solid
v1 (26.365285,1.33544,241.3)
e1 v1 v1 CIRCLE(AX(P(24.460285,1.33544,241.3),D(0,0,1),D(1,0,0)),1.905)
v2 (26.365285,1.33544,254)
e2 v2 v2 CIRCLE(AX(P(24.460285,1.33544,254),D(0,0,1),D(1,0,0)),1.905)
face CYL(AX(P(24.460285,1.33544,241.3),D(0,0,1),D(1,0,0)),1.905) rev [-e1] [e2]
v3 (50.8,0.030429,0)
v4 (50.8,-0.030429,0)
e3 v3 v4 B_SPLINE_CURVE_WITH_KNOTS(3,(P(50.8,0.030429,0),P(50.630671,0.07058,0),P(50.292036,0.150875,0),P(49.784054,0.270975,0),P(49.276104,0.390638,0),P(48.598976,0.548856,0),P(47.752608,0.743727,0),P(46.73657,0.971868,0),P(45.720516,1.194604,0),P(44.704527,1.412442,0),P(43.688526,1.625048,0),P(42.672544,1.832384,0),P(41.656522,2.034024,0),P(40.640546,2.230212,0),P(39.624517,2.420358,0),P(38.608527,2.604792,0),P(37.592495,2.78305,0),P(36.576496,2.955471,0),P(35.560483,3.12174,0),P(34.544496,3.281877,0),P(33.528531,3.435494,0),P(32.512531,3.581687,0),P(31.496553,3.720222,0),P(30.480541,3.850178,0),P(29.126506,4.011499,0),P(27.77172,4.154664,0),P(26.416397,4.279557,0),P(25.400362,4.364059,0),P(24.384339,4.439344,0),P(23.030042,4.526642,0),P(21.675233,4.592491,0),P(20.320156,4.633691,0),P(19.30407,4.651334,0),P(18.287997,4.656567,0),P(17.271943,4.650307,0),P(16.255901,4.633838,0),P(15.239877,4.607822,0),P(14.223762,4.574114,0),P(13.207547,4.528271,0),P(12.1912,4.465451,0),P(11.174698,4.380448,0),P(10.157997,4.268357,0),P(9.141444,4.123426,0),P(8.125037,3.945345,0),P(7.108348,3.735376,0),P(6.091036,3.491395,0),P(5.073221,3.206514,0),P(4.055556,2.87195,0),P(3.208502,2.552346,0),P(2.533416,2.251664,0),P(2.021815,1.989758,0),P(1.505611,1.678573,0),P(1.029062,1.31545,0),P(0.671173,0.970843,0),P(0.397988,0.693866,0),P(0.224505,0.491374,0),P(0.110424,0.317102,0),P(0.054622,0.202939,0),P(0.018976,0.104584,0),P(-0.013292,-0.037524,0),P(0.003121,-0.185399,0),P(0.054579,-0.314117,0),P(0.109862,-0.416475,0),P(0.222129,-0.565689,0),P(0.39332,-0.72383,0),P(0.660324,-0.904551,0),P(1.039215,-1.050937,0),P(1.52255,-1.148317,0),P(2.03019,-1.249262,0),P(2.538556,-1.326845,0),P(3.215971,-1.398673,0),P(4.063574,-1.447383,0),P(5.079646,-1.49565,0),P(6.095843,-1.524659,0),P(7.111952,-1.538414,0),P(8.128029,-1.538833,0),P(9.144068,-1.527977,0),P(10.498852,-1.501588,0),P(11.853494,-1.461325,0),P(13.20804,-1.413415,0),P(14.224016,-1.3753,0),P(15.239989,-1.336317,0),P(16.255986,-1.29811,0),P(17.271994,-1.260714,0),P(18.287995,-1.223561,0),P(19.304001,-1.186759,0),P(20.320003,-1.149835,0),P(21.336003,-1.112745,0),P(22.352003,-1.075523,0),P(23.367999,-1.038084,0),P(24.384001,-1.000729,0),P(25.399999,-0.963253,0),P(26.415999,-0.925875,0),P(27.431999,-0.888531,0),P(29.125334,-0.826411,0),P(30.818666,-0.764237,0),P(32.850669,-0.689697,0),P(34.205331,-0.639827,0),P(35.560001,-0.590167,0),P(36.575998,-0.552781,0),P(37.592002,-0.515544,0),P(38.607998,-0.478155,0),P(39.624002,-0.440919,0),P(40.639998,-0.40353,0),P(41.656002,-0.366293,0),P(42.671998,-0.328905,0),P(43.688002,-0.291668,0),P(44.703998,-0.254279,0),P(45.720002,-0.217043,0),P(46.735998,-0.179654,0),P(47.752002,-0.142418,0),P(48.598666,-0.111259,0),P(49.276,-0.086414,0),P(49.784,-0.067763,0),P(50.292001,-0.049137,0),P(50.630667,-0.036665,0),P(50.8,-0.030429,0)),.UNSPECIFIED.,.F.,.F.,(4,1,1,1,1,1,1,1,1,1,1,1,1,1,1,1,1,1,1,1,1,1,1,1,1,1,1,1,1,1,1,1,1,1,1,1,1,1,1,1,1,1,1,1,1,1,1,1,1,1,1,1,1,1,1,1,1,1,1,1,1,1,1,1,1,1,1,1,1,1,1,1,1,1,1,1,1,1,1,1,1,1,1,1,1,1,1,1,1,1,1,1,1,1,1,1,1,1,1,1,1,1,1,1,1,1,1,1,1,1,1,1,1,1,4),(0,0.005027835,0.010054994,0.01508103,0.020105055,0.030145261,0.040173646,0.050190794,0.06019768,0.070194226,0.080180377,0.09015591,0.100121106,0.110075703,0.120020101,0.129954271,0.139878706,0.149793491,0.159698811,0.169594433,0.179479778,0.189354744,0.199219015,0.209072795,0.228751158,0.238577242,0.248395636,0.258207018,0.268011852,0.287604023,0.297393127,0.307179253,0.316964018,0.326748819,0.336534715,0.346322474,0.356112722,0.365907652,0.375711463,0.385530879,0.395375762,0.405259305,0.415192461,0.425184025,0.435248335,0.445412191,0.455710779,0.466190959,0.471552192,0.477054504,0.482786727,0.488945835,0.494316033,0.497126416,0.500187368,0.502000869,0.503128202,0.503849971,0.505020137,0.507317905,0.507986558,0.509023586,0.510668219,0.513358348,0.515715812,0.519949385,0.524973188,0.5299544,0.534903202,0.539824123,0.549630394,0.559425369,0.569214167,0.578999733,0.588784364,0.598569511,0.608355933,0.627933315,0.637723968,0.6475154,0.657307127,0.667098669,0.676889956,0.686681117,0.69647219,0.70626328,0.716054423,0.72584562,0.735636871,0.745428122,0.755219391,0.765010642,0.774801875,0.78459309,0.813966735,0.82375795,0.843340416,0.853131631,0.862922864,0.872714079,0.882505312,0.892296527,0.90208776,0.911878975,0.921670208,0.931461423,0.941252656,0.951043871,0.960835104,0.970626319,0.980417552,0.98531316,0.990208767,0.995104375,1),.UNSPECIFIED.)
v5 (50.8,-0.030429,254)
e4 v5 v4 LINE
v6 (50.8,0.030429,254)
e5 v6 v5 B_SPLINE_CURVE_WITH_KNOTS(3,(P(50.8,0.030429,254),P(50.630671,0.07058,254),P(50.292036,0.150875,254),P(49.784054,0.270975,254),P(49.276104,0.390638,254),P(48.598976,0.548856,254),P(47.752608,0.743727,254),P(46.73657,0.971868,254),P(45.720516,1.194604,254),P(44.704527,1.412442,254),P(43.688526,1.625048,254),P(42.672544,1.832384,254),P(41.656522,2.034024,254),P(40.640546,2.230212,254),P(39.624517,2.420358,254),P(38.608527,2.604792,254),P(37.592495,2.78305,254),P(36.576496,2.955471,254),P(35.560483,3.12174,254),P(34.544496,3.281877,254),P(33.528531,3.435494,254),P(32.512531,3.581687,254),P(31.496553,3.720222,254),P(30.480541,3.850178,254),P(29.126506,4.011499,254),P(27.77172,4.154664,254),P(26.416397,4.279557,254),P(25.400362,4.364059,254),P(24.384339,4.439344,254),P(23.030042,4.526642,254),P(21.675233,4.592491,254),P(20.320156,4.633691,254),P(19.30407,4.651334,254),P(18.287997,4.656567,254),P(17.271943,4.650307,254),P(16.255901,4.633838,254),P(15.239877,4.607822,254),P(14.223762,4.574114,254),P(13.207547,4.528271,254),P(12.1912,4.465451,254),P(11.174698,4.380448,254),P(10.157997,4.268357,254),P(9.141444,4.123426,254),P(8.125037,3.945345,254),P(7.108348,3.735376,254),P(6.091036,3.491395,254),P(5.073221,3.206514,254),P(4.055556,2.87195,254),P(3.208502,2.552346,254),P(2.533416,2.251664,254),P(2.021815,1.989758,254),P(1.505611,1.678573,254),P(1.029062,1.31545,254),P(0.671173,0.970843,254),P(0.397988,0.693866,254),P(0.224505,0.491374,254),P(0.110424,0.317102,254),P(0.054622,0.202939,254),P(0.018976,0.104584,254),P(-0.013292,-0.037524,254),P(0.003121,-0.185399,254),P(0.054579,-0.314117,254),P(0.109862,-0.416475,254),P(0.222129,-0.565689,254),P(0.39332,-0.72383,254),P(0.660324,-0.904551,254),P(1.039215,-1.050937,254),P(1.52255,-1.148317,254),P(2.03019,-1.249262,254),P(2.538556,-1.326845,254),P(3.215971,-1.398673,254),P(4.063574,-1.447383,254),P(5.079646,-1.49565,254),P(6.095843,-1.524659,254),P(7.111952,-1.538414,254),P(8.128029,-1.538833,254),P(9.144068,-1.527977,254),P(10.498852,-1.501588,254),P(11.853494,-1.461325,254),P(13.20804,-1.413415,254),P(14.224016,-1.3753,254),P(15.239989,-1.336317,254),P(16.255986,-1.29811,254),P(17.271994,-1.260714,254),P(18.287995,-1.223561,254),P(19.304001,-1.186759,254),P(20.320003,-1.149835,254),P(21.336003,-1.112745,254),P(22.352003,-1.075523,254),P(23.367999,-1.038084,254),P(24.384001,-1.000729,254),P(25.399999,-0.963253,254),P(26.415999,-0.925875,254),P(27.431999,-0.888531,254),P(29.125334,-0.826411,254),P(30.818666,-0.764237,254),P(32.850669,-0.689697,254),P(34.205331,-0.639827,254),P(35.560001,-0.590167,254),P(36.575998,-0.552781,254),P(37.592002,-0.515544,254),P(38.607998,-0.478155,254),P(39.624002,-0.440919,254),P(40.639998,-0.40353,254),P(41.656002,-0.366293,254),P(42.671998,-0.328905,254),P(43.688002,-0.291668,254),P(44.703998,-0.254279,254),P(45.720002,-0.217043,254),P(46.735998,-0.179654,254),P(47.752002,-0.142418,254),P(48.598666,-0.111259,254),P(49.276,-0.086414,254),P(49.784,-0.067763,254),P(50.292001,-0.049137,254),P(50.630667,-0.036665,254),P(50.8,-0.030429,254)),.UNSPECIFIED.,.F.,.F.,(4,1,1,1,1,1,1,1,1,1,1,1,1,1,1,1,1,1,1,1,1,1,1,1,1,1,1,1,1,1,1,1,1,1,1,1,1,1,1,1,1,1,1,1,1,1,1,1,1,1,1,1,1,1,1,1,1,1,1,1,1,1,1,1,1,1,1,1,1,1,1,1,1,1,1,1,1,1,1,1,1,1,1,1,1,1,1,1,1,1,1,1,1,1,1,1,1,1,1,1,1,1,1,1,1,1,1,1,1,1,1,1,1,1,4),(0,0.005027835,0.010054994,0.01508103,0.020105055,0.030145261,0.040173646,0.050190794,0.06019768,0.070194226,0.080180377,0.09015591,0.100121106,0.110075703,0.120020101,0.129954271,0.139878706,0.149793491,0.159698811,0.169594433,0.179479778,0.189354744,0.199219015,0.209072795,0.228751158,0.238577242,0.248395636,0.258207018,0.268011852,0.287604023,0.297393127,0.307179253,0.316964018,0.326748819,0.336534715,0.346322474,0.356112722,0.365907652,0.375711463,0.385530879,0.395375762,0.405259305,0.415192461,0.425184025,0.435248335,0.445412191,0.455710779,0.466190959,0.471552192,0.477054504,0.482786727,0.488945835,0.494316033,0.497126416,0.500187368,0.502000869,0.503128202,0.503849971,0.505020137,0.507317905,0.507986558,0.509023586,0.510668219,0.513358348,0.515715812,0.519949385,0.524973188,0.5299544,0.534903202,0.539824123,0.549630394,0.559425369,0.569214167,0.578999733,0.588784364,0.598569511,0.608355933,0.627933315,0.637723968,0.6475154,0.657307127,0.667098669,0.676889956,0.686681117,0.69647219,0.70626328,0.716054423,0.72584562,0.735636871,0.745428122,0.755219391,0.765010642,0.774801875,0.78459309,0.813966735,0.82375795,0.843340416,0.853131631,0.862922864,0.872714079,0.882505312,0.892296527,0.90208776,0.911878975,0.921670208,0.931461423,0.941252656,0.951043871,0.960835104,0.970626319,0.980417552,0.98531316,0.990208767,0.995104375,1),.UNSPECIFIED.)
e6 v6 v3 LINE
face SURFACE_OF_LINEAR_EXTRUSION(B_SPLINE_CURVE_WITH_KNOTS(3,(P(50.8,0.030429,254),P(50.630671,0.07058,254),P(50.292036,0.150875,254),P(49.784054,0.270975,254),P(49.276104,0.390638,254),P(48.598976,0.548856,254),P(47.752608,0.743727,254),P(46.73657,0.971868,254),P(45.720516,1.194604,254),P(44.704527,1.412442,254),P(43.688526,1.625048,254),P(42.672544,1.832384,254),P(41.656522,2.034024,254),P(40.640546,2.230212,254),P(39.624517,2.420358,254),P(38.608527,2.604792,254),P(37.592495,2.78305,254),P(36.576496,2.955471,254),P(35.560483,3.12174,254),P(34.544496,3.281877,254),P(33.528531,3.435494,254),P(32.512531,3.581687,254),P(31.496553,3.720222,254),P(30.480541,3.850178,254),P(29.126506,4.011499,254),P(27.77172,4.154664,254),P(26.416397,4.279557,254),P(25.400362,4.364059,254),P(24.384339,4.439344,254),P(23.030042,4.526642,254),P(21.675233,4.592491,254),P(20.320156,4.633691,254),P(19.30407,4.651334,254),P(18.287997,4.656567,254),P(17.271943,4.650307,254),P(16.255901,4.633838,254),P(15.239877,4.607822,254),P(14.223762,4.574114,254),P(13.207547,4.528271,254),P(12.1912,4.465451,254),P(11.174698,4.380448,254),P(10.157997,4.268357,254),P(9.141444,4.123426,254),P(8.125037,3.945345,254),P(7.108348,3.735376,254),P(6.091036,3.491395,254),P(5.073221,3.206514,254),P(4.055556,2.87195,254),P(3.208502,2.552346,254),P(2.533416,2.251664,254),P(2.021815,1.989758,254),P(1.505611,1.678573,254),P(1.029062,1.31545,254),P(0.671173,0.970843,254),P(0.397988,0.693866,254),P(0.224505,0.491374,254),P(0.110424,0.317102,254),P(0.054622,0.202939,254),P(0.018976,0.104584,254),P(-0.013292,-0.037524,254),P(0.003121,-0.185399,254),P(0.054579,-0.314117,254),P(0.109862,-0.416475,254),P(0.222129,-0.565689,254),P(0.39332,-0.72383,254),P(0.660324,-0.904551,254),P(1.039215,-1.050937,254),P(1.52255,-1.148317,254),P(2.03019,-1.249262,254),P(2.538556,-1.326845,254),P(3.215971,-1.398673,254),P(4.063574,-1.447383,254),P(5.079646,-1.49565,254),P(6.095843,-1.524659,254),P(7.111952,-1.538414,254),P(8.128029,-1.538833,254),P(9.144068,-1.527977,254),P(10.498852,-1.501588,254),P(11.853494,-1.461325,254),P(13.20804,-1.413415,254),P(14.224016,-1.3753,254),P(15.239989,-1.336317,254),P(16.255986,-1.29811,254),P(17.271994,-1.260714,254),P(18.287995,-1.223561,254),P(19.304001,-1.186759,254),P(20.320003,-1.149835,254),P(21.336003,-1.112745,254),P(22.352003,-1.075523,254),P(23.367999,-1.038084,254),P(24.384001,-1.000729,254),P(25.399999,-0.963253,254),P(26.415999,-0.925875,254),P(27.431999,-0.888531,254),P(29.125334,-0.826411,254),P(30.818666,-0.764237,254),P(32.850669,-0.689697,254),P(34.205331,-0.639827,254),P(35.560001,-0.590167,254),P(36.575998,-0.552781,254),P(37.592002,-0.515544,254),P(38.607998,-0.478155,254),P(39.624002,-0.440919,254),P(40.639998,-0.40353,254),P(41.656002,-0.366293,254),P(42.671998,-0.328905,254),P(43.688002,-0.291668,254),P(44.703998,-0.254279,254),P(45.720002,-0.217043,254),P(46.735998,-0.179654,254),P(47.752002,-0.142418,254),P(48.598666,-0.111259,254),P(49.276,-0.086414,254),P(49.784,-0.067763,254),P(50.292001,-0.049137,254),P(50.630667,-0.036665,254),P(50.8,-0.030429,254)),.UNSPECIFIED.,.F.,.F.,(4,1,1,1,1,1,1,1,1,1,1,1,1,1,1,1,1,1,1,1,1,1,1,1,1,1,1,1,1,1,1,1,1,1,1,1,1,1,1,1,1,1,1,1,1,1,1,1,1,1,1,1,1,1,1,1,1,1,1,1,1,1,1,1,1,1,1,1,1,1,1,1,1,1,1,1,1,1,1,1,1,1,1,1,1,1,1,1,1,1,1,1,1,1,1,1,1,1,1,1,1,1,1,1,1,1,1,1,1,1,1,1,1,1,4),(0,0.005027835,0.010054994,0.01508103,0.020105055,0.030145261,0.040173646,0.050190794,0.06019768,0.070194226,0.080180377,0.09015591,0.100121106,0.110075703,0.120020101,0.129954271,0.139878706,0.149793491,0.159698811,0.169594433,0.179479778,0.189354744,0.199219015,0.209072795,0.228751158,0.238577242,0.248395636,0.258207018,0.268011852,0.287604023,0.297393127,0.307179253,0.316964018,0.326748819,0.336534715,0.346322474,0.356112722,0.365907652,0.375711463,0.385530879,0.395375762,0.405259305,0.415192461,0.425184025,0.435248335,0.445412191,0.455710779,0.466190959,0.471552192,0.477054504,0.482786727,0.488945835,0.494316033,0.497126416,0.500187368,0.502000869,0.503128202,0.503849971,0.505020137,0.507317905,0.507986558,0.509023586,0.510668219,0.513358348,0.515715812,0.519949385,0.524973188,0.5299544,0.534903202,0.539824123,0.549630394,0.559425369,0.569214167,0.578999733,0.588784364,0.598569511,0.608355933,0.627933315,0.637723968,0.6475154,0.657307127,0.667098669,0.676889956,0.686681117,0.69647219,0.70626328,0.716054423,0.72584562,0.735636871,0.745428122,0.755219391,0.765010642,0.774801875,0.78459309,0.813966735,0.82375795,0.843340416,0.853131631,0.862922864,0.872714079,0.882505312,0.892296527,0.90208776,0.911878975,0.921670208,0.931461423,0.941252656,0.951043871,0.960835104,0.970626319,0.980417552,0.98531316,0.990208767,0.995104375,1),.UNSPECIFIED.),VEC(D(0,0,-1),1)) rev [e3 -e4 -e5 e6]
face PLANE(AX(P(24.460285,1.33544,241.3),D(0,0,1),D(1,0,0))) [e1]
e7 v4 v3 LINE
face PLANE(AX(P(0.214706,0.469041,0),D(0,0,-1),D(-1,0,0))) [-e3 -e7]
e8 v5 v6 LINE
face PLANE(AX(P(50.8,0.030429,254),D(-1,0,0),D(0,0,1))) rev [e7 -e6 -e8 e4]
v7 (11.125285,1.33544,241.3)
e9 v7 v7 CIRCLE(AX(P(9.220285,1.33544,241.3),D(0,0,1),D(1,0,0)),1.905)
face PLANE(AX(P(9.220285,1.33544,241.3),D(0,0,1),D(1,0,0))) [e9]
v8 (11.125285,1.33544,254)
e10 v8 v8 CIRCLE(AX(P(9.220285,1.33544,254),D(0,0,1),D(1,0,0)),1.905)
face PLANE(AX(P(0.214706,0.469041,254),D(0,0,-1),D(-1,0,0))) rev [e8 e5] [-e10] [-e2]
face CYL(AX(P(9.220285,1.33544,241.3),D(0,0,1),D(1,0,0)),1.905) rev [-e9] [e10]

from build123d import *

# Parameters (mm, degrees)
BOSS_EXTRUDE1_DEPTH = 254
SKETCH2_R           = 1.905
CUT_EXTRUDE1_DEPTH  = 12.7


with BuildPart() as part:
    # Sketch1 → Boss-Extrude1 (new body)
    with BuildSketch(Plane.XY):
        with BuildLine():
            Line((50.8, 0.0304292), (50.8, -0.0304292))
            add(Edge.make_bspline(
                [(50.8, 0.0304292), (50.63067102, 0.070579584), (50.29203583, 0.150874953), (49.784053923, 0.270975499), (49.276103861, 0.3906376), (48.598975978, 0.548855774), (47.752607871, 0.743726876), (46.736570106, 0.971867714), (45.720515706, 1.194603662), (44.70452705, 1.412442044), (43.688526366, 1.625048045), (42.672544186, 1.83238449), (41.656522264, 2.034024033), (40.640545517, 2.23021224), (39.624516645, 2.420357812), (38.608526857, 2.604792252), (37.59249485, 2.783050048), (36.576495895, 2.955471006), (35.560483387, 3.121740236), (34.544495834, 3.281876565), (33.528530885, 3.435493939), (32.512531352, 3.581686893), (31.496553083, 3.720222443), (30.480541121, 3.850178133), (29.126506483, 4.011498541), (27.771719898, 4.154664361), (26.416397421, 4.279557315), (25.400362172, 4.364059043), (24.384339054, 4.439344114), (23.030041724, 4.526642184), (21.675232888, 4.592491037), (20.320155782, 4.633691392), (19.30406966, 4.651334264), (18.287997053, 4.656566857), (17.271942664, 4.650307427), (16.255901326, 4.633837814), (15.239876724, 4.607821863), (14.223762431, 4.574113992), (13.207547014, 4.528270701), (12.191199646, 4.465450912), (11.17469825, 4.38044787), (10.157997005, 4.268357118), (9.141444229, 4.123426341), (8.125037117, 3.945345186), (7.108348174, 3.735375641), (6.091035966, 3.491394576), (5.07322112, 3.206513965), (4.05555575, 2.871950094), (3.208501887, 2.55234561), (2.533415643, 2.251664373), (2.021814974, 1.989758164), (1.505610587, 1.678572801), (1.029061746, 1.315449955), (0.671173287, 0.970843301), (0.397988148, 0.693865537), (0.224504552, 0.491374229), (0.110424089, 0.317101829), (0.05462197, 0.202939449), (0.018976012, 0.104583867), (-0.013292311, -0.037523946), (0.003121477, -0.18539933), (0.054578612, -0.314116806), (0.109862255, -0.41647484), (0.222129251, -0.56568907), (0.393319806, -0.723830258), (0.660323781, -0.904551123), (1.039214509, -1.050937114), (1.522549872, -1.148317492), (2.030189933, -1.249261735), (2.538556158, -1.326845098), (3.215971307, -1.398672831), (4.063574062, -1.447382771), (5.07964625, -1.495649751), (6.09584327, -1.524658827), (7.111951661, -1.538414328), (8.128029402, -1.538832774), (9.144067551, -1.527977449), (10.498852085, -1.501587878), (11.8534935, -1.461324533), (13.20804034, -1.413414637), (14.22401573, -1.375300098), (15.23998867, -1.336317497), (16.255986169, -1.298109955), (17.271994177, -1.26071418), (18.287994793, -1.22356128), (19.304001357, -1.186759222), (20.320002845, -1.149834522), (21.336002667, -1.112745329), (22.352003187, -1.07552275), (23.367999482, -1.038083922), (24.38400137, -1.000729471), (25.399998775, -0.963253257), (26.415999174, -0.925875262), (27.431998934, -0.888530703), (29.125333833, -0.826411065), (30.818666122, -0.764237314), (32.8506686, -0.689696522), (34.205330874, -0.63982676), (35.560001489, -0.590167225), (36.575998464, -0.552780717), (37.592001548, -0.51554362), (38.607998449, -0.47815509), (39.624001552, -0.440918534), (40.639998447, -0.403529859), (41.656001553, -0.366293343), (42.671998447, -0.328904656), (43.688001553, -0.291668146), (44.703998447, -0.254279447), (45.720001554, -0.217042982), (46.735998442, -0.179654113), (47.752001572, -0.14241828), (48.598665677, -0.11125892), (49.276000101, -0.086413539), (49.783999849, -0.067763088), (50.292001125, -0.049137288), (50.630666835, -0.036665237), (50.8, -0.0304292)],
                knots=[0, 0, 0, 0, 0.005027835, 0.010054994, 0.01508103, 0.020105055, 0.030145261, 0.040173646, 0.050190794, 0.06019768, 0.070194226, 0.080180377, 0.09015591, 0.100121106, 0.110075703, 0.120020101, 0.129954271, 0.139878706, 0.149793491, 0.159698811, 0.169594433, 0.179479778, 0.189354744, 0.199219015, 0.209072795, 0.228751158, 0.238577242, 0.248395636, 0.258207018, 0.268011852, 0.287604023, 0.297393127, 0.307179253, 0.316964018, 0.326748819, 0.336534715, 0.346322474, 0.356112722, 0.365907652, 0.375711463, 0.385530879, 0.395375762, 0.405259305, 0.415192461, 0.425184025, 0.435248335, 0.445412191, 0.455710779, 0.466190959, 0.471552192, 0.477054504, 0.482786727, 0.488945835, 0.494316033, 0.497126416, 0.500187368, 0.502000869, 0.503128202, 0.503849971, 0.505020137, 0.507317905, 0.507986558, 0.509023586, 0.510668219, 0.513358348, 0.515715812, 0.519949385, 0.524973188, 0.5299544, 0.534903202, 0.539824123, 0.549630394, 0.559425369, 0.569214167, 0.578999733, 0.588784364, 0.598569511, 0.608355933, 0.627933315, 0.637723968, 0.6475154, 0.657307127, 0.667098669, 0.676889956, 0.686681117, 0.69647219, 0.70626328, 0.716054423, 0.72584562, 0.735636871, 0.745428122, 0.755219391, 0.765010642, 0.774801875, 0.78459309, 0.813966735, 0.82375795, 0.843340416, 0.853131631, 0.862922864, 0.872714079, 0.882505312, 0.892296527, 0.90208776, 0.911878975, 0.921670208, 0.931461423, 0.941252656, 0.951043871, 0.960835104, 0.970626319, 0.980417552, 0.98531316, 0.990208767, 0.995104375, 1, 1, 1, 1], degree=3))
        make_face()
    extrude(amount=BOSS_EXTRUDE1_DEPTH)

    # Sketch2 → Cut-Extrude1 (cut)
    with BuildSketch(Plane.XY.offset(254)):
        with Locations((9.220284709, 1.335439633)):
            Circle(SKETCH2_R)
        with Locations((24.460284709, 1.335439633)):
            Circle(SKETCH2_R)
    extrude(amount=-CUT_EXTRUDE1_DEPTH, mode=Mode.SUBTRACT)


solid = part.part
